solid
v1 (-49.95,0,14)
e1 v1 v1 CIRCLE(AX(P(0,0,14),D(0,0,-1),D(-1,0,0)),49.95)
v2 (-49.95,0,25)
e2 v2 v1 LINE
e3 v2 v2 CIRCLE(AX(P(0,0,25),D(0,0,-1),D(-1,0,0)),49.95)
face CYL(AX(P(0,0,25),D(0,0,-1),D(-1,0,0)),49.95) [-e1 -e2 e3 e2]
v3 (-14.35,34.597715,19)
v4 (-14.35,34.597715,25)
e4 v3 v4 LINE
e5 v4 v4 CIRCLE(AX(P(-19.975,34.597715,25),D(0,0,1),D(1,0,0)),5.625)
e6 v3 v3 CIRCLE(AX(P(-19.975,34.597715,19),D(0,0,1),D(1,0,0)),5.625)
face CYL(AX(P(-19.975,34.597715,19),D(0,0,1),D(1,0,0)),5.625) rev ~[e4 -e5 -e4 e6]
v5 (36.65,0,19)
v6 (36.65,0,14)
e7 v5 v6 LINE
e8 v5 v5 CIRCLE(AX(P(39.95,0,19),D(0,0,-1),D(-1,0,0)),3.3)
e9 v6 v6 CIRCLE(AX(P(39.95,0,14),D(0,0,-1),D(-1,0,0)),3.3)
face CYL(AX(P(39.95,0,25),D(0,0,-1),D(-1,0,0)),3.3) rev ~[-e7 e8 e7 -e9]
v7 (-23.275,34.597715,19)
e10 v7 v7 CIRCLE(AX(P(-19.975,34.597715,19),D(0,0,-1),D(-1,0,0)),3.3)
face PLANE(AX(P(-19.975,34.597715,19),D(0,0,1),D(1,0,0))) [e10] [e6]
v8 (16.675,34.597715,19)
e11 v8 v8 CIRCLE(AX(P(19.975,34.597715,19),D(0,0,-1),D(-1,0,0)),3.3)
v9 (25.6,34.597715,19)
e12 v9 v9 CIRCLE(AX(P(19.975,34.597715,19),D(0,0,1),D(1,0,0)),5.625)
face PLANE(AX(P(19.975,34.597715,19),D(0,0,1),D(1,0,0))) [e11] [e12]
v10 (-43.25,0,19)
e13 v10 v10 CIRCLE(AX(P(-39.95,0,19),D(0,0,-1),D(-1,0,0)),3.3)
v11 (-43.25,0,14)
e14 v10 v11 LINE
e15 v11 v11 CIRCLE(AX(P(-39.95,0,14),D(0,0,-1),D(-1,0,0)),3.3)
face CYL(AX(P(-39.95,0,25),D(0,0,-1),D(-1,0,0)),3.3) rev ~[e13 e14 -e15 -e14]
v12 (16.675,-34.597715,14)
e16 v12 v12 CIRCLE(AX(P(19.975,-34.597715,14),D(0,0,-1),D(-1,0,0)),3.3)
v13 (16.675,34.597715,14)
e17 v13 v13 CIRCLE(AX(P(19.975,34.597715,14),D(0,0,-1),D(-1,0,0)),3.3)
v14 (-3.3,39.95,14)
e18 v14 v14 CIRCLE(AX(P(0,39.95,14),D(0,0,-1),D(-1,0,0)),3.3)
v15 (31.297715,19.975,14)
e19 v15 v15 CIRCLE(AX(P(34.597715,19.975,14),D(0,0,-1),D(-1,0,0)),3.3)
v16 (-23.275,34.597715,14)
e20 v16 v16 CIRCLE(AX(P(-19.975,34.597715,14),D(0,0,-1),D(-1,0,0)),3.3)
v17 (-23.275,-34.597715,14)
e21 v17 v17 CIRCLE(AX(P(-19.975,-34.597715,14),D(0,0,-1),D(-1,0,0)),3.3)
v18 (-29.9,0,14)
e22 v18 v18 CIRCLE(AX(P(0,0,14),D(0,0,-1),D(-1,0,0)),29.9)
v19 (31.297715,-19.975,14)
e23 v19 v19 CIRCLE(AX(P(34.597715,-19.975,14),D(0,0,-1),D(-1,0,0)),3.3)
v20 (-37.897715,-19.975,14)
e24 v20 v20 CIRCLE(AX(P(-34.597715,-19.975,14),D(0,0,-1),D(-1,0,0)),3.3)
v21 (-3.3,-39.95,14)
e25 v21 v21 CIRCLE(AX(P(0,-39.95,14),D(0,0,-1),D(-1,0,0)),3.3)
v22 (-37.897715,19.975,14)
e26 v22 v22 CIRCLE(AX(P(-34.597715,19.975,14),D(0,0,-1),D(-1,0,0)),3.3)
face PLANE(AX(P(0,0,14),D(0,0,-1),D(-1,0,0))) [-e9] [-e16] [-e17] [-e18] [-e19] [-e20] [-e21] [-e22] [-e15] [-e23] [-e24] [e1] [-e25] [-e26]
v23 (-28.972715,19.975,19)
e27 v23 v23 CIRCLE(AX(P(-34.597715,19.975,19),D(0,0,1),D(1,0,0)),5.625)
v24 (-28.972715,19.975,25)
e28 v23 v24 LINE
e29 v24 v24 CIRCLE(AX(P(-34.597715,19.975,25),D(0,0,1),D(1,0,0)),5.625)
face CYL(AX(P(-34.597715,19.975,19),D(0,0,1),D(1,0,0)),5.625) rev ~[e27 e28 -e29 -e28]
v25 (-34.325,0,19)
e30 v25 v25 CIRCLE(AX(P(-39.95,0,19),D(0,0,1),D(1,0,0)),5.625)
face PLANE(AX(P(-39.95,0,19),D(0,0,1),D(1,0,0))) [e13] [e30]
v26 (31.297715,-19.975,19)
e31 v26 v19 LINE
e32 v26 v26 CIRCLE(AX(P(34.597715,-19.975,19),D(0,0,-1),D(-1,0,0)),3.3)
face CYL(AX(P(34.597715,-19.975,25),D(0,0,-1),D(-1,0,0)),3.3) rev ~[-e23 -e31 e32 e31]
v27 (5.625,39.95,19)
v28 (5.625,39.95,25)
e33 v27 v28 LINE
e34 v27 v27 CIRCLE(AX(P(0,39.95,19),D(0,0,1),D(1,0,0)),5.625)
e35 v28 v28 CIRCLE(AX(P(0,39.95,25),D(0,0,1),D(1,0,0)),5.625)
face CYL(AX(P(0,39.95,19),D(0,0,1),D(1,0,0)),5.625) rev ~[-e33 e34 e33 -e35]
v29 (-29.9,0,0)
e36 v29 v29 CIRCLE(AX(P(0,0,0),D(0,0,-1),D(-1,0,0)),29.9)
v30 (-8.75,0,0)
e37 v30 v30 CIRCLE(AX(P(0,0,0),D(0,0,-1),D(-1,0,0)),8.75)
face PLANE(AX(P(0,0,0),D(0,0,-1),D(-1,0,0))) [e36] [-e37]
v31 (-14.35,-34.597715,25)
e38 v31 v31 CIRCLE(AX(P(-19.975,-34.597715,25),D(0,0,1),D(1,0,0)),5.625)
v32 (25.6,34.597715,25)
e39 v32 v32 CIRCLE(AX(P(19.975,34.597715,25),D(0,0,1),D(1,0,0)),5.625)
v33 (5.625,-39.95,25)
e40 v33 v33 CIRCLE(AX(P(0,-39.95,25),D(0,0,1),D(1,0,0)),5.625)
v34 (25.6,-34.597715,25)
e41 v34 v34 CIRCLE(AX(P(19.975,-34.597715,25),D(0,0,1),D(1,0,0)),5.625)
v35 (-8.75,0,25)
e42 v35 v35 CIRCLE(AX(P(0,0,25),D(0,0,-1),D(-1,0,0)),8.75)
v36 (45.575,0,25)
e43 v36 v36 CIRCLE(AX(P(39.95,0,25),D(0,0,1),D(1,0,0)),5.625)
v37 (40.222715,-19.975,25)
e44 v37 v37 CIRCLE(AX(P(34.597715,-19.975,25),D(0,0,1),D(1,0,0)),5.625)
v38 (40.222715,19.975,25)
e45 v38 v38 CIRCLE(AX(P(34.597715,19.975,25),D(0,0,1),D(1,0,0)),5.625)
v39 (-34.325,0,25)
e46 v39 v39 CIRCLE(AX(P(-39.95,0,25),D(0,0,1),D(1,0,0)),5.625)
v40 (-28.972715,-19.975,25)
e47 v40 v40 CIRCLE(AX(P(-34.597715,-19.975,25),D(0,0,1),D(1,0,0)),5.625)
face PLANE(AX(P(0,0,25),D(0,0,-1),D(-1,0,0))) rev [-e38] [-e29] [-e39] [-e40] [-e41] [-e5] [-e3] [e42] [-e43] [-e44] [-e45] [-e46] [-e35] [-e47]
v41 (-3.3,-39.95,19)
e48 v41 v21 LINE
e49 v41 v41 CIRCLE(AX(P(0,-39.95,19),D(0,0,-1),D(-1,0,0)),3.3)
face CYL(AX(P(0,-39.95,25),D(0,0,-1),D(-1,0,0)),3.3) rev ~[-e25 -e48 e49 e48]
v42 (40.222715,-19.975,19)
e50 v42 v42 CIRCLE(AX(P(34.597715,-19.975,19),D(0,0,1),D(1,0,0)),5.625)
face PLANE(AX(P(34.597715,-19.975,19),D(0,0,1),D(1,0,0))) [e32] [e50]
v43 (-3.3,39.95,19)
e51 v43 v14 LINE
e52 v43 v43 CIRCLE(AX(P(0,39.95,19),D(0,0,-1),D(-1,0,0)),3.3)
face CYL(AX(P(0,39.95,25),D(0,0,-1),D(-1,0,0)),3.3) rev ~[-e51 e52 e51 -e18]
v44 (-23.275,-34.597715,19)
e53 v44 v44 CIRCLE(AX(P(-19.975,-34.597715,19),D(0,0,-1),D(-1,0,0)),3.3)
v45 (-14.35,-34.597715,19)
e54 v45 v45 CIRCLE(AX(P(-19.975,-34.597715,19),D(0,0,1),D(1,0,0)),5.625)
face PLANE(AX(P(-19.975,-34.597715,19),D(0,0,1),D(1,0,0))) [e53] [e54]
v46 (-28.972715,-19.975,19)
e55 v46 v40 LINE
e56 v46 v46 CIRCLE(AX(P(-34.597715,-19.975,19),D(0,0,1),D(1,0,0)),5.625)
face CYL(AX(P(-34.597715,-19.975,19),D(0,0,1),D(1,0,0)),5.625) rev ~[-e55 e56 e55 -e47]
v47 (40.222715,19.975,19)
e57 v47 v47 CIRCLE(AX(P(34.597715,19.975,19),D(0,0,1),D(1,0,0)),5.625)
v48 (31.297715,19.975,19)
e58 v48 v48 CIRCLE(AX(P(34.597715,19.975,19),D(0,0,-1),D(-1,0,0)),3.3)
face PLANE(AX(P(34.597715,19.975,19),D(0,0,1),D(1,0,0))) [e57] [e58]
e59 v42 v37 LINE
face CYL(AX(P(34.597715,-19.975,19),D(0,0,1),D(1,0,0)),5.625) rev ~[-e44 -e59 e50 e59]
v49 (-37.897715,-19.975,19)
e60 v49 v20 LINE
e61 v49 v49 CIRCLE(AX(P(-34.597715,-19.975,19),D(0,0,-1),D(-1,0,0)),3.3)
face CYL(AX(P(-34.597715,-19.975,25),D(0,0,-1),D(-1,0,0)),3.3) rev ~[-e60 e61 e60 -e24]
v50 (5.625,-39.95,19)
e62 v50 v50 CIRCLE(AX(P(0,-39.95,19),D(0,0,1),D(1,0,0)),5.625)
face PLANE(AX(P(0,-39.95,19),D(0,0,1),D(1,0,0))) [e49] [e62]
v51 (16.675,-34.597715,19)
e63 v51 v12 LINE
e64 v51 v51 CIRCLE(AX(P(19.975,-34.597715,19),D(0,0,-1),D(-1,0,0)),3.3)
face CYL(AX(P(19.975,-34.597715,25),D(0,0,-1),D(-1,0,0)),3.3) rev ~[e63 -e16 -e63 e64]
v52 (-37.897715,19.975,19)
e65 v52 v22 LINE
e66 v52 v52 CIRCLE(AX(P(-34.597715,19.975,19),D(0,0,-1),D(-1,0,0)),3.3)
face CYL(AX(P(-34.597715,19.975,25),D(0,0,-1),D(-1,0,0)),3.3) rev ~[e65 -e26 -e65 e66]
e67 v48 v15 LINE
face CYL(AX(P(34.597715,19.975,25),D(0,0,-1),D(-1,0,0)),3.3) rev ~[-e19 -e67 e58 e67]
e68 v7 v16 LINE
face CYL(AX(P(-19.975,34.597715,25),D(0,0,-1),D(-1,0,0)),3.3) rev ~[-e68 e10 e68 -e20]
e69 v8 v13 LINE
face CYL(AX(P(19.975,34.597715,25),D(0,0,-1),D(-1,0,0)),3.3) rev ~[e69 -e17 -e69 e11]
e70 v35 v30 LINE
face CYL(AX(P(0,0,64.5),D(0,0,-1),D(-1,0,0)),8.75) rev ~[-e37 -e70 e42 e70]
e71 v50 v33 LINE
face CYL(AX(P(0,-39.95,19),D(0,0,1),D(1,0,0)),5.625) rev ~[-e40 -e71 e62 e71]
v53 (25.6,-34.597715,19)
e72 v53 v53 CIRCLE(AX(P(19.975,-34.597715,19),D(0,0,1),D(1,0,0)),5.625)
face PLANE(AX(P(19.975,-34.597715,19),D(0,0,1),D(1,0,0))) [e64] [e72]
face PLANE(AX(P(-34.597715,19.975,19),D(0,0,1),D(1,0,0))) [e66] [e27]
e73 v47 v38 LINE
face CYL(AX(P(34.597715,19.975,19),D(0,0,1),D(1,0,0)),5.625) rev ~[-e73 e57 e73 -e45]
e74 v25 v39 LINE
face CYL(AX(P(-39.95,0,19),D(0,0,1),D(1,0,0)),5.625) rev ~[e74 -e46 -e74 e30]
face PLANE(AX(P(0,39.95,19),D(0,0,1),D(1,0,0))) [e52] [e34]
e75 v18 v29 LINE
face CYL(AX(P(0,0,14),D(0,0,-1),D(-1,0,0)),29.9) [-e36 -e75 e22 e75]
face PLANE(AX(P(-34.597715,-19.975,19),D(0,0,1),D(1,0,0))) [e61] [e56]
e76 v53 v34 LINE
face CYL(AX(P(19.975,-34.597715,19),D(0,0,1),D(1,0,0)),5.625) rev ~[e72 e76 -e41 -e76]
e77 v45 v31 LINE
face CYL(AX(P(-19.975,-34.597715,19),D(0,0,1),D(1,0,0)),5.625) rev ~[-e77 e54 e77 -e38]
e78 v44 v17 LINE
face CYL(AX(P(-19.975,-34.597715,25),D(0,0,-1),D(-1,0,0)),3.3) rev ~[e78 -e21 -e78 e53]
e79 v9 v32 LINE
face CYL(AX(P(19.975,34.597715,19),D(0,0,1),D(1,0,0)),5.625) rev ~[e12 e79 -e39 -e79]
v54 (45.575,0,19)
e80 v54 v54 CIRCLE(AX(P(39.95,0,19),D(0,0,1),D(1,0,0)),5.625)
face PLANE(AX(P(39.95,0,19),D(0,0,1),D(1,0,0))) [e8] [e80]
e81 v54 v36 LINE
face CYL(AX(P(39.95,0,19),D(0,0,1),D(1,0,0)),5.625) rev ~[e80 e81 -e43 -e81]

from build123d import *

# Parameters (mm, degrees)
F3_D           = 6.6
F3_DEPTH       = 35
F3_CBORE_D     = 11.25
F3_CBORE_DEPTH = 6
F3_TIP         = 1.9828400428
F5_D           = 17.5
F5_DEPTH       = 39.5
F5_TIP         = 5.2575304165


with BuildPart() as f1:
    # F0 (on Front) → F1 (revolve)
    with BuildSketch(Plane.XZ):
        Polygon((-29.9, 14), (-29.9, 0), (0, 0), (0, 25), (-49.95, 25), (-49.95, 14), align=None)
    revolve(axis=Axis((0, 0, 12.5), (0, 0, -1)))

    # F3
    with Locations(Plane.XY.offset(25)):
        with Locations((19.975, -34.5977148812), (39.95, 0), (34.5977148812, 19.975), (34.5977148812, -19.975), (19.975, 34.5977148812), (0, 39.95), (-19.975, 34.5977148812), (-34.5977148812, 19.975), (-39.95, 0), (-34.5977148812, -19.975), (-19.975, -34.5977148812), (0, -39.95)):
            CounterBoreHole(F3_D / 2, F3_CBORE_D / 2, F3_CBORE_DEPTH, depth=F3_DEPTH)
            with Locations((0, 0, -(F3_DEPTH + F3_TIP / 2))):  # 118° drill point
                Cone(0, F3_D / 2, F3_TIP, mode=Mode.SUBTRACT)

    # F5
    with Locations(Plane.XY.offset(25)):
        with Locations((0, 0)):
            Hole(F5_D / 2, depth=F5_DEPTH)
            with Locations((0, 0, -(F5_DEPTH + F5_TIP / 2))):  # 118° drill point
                Cone(0, F5_D / 2, F5_TIP, mode=Mode.SUBTRACT)


solid = f1.part
